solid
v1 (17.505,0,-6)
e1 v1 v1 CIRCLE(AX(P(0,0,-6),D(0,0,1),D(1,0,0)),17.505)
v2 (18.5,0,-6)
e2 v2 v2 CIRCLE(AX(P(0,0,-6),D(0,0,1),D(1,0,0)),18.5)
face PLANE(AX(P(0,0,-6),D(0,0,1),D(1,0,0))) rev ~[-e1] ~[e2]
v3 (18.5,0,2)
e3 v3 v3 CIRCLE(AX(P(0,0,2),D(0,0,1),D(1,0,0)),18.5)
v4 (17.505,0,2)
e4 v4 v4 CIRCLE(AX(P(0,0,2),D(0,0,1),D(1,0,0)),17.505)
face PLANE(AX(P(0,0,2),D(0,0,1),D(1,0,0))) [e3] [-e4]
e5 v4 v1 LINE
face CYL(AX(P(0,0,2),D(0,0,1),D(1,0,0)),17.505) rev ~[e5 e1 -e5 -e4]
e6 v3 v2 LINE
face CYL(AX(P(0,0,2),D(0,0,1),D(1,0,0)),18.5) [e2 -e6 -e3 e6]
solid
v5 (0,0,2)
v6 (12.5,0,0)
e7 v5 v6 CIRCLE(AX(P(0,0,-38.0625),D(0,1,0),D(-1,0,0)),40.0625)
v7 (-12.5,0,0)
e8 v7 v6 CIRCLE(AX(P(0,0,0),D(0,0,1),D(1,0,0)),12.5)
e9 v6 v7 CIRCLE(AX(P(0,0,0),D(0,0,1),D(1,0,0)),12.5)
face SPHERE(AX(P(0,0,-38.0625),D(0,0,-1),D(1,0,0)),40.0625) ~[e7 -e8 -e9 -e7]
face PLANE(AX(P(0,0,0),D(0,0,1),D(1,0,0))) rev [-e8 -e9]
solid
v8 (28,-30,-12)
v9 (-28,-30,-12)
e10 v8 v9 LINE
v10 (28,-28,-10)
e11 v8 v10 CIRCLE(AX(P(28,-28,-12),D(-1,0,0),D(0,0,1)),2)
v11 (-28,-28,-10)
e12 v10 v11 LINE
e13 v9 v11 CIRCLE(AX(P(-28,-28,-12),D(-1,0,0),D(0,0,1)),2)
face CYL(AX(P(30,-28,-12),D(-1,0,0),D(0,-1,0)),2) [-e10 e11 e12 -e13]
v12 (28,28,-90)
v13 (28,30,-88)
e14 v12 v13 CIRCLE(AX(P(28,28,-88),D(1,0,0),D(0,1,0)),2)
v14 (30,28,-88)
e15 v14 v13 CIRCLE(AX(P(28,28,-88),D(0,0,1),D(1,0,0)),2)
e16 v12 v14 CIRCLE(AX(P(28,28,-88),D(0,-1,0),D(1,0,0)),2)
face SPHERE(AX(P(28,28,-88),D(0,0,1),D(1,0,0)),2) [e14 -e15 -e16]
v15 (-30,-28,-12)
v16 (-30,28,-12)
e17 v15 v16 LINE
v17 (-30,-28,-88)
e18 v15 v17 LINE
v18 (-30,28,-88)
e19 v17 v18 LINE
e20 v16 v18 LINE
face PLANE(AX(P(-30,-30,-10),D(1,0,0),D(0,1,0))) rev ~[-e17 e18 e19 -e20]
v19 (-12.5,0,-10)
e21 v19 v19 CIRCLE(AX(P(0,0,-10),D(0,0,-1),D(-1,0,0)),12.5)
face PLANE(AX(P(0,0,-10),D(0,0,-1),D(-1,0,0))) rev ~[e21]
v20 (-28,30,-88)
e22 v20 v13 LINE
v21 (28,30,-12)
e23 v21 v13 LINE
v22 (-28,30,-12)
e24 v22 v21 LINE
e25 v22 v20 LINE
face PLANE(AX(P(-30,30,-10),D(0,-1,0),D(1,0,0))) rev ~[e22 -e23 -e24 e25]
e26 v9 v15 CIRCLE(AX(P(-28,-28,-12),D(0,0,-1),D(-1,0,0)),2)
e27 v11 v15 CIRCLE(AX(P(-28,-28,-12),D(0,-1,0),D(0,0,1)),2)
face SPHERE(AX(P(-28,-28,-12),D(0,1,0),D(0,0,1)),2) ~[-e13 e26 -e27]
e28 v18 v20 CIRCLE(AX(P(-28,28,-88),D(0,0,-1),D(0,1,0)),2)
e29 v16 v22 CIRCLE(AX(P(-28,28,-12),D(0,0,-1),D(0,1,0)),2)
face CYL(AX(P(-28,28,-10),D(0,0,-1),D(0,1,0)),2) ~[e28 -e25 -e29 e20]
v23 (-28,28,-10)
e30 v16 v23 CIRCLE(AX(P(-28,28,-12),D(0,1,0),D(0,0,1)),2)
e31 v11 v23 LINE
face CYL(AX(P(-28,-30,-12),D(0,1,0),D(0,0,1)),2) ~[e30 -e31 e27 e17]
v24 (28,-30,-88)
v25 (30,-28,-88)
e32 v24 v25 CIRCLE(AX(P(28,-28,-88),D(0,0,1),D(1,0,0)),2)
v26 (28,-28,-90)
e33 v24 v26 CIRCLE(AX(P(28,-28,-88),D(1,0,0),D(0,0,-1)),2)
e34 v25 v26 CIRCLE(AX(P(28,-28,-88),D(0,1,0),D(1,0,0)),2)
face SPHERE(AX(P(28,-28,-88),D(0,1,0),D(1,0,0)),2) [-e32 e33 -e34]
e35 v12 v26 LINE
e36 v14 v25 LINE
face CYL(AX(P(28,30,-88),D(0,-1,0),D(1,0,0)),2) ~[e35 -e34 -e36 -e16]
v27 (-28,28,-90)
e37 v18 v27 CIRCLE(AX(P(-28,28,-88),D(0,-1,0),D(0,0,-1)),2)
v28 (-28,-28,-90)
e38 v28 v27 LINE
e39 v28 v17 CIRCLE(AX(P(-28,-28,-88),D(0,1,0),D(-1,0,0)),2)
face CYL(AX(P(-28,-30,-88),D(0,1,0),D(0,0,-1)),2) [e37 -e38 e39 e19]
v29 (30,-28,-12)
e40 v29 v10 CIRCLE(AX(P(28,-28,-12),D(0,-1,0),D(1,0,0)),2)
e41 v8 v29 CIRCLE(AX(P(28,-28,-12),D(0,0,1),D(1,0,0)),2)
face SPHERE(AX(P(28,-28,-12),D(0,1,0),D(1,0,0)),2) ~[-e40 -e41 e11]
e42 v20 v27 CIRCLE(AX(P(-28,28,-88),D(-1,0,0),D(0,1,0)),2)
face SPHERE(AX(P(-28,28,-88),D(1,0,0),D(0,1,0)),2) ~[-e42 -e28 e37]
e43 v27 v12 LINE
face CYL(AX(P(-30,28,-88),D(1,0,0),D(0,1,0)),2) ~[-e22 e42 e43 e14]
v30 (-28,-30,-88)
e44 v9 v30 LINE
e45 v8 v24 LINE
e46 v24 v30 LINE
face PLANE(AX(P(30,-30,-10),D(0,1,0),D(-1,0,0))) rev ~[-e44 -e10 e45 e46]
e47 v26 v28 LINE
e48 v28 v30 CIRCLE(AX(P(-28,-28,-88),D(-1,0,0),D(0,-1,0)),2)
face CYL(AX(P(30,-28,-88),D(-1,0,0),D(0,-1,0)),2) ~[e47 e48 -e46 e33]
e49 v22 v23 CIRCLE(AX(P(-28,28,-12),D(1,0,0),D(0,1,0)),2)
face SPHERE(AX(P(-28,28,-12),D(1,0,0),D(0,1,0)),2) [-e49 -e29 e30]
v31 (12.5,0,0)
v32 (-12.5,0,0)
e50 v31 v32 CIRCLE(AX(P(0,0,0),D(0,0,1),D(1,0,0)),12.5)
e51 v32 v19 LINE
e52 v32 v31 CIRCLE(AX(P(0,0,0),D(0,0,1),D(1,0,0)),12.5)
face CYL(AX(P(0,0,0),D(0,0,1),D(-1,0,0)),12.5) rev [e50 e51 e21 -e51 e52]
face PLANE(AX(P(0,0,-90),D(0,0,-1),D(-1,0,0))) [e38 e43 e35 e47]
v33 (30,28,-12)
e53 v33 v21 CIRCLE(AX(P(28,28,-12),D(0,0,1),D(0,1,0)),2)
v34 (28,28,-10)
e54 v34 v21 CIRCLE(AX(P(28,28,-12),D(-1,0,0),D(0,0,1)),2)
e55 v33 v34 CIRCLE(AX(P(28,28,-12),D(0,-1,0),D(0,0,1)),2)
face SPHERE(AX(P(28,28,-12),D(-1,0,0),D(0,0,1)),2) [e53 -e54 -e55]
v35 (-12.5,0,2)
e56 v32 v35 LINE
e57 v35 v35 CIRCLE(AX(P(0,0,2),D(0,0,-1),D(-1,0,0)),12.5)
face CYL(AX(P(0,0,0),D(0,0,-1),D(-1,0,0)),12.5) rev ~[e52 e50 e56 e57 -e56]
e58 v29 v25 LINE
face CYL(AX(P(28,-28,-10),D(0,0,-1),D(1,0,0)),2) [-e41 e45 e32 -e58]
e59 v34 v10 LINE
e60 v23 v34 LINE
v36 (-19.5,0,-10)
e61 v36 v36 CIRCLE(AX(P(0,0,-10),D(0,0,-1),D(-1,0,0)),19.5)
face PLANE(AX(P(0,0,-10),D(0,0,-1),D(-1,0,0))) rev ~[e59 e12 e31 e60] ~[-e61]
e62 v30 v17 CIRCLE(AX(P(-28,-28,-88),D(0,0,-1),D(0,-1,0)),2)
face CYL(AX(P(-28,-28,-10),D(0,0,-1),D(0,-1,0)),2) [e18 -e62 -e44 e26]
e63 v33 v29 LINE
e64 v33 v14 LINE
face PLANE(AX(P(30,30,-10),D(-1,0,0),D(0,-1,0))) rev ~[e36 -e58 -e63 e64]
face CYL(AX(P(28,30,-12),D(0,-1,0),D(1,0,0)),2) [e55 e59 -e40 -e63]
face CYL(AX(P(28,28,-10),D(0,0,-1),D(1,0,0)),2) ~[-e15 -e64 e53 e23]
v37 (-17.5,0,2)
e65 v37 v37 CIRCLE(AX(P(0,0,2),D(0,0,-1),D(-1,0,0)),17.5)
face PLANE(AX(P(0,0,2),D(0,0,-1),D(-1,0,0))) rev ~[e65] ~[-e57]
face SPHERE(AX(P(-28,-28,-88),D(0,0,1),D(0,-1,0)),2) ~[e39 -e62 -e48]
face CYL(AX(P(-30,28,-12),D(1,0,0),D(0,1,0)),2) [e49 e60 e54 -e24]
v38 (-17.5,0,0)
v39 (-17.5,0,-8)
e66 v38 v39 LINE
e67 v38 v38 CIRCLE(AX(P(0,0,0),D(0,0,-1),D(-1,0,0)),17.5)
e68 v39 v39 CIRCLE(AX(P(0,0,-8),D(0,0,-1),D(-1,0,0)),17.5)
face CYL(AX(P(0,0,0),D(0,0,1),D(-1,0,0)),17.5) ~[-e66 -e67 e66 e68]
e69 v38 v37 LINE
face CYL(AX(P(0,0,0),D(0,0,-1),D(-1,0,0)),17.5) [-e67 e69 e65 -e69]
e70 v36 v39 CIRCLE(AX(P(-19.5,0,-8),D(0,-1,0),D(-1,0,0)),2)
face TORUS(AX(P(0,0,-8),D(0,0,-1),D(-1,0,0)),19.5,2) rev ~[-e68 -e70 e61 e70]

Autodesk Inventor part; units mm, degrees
ref_plane "YZ Plane" through (0, 0, 0) normal (1, 0, 0) x (0, 1, 0)
ref_plane "XZ Plane" through (0, 0, 0) normal (0, 1, 0) x (-1, 0, 0)
ref_plane "XY Plane" through (0, 0, 0) normal (0, 0, 1) x (1, 0, 0)
sketch "Sketch5" plane through (0, 0, 0) normal (0, 1, 0) x (-1, 0, 0)
  line L0 (0, 0) -> (0, 2)
  circle A0 centre (0, -38.0625) radius 40.0625
  line L1 (0, 0) -> (12.5, 0)
  line L2 (0, 0) -> (-12.5, 0)
  dimension "d31" = 2
  dimension "d32" = 12.5
  dimension "d33" = 12.5
revolve "Revolution1" add sketch "Sketch5" angle 360 about axis through (0, 0, 0) along (0, 0, 1) contours L2 A0 L0
sketch "Sketch6" plane through (0, 0, 0) normal (0, 0, -1) x (-1, 0, 0)
  circle A0 centre (0, 0) radius 12.5
  circle A1 centre (0, 0) radius 17.5
  dimension "d35" = 25
  dimension "d36" = 35
extrude "Extrusion5" add sketch "Sketch6" along normal blind 10 and the other way blind 2
sketch "Sketch7" plane through (0, 0, -10) normal (0, 0, -1) x (-1, 0, 0)
  line L0 (-30, -30) -> (30, -30)
  line L1 (30, -30) -> (30, 30)
  line L2 (30, 30) -> (-30, 30)
  line L3 (-30, 30) -> (-30, -30)
  line L4 (-30, -30) -> (30, 30) construction
  line L5 (30, -30) -> (-30, 30) construction
  point P0 (0, 0)
  dimension "d41" = 60
  dimension "d42" = 60
extrude "Extrusion6" add sketch "Sketch7" along normal blind 80
fillet "Fillet1" radius 2 13 edges at (0, 30, -10) (30, 0, -10) (30, 30, -50) (30, 0, -90) (30, -30, -50) (0, 30, -90) (-30, 30, -50) (-30, 0, -10) (17.5, 0, -10) (0, -30, -10) (-30, -30, -50) (0, -30, -90) (-30, 0, -90)
sketch "Sketch8" plane through (0, 0, 2) normal (0, 0, 1) x (1, 0, 0)
  circle A0 centre (0, 0) radius 17.505
  circle A1 centre (0, 0) radius 18.5
  dimension "d46" = 35.01
  dimension "d47" = 37
extrude "Extrusion7" add sketch "Sketch8" against normal blind 8
properties part number "Power Meter"
